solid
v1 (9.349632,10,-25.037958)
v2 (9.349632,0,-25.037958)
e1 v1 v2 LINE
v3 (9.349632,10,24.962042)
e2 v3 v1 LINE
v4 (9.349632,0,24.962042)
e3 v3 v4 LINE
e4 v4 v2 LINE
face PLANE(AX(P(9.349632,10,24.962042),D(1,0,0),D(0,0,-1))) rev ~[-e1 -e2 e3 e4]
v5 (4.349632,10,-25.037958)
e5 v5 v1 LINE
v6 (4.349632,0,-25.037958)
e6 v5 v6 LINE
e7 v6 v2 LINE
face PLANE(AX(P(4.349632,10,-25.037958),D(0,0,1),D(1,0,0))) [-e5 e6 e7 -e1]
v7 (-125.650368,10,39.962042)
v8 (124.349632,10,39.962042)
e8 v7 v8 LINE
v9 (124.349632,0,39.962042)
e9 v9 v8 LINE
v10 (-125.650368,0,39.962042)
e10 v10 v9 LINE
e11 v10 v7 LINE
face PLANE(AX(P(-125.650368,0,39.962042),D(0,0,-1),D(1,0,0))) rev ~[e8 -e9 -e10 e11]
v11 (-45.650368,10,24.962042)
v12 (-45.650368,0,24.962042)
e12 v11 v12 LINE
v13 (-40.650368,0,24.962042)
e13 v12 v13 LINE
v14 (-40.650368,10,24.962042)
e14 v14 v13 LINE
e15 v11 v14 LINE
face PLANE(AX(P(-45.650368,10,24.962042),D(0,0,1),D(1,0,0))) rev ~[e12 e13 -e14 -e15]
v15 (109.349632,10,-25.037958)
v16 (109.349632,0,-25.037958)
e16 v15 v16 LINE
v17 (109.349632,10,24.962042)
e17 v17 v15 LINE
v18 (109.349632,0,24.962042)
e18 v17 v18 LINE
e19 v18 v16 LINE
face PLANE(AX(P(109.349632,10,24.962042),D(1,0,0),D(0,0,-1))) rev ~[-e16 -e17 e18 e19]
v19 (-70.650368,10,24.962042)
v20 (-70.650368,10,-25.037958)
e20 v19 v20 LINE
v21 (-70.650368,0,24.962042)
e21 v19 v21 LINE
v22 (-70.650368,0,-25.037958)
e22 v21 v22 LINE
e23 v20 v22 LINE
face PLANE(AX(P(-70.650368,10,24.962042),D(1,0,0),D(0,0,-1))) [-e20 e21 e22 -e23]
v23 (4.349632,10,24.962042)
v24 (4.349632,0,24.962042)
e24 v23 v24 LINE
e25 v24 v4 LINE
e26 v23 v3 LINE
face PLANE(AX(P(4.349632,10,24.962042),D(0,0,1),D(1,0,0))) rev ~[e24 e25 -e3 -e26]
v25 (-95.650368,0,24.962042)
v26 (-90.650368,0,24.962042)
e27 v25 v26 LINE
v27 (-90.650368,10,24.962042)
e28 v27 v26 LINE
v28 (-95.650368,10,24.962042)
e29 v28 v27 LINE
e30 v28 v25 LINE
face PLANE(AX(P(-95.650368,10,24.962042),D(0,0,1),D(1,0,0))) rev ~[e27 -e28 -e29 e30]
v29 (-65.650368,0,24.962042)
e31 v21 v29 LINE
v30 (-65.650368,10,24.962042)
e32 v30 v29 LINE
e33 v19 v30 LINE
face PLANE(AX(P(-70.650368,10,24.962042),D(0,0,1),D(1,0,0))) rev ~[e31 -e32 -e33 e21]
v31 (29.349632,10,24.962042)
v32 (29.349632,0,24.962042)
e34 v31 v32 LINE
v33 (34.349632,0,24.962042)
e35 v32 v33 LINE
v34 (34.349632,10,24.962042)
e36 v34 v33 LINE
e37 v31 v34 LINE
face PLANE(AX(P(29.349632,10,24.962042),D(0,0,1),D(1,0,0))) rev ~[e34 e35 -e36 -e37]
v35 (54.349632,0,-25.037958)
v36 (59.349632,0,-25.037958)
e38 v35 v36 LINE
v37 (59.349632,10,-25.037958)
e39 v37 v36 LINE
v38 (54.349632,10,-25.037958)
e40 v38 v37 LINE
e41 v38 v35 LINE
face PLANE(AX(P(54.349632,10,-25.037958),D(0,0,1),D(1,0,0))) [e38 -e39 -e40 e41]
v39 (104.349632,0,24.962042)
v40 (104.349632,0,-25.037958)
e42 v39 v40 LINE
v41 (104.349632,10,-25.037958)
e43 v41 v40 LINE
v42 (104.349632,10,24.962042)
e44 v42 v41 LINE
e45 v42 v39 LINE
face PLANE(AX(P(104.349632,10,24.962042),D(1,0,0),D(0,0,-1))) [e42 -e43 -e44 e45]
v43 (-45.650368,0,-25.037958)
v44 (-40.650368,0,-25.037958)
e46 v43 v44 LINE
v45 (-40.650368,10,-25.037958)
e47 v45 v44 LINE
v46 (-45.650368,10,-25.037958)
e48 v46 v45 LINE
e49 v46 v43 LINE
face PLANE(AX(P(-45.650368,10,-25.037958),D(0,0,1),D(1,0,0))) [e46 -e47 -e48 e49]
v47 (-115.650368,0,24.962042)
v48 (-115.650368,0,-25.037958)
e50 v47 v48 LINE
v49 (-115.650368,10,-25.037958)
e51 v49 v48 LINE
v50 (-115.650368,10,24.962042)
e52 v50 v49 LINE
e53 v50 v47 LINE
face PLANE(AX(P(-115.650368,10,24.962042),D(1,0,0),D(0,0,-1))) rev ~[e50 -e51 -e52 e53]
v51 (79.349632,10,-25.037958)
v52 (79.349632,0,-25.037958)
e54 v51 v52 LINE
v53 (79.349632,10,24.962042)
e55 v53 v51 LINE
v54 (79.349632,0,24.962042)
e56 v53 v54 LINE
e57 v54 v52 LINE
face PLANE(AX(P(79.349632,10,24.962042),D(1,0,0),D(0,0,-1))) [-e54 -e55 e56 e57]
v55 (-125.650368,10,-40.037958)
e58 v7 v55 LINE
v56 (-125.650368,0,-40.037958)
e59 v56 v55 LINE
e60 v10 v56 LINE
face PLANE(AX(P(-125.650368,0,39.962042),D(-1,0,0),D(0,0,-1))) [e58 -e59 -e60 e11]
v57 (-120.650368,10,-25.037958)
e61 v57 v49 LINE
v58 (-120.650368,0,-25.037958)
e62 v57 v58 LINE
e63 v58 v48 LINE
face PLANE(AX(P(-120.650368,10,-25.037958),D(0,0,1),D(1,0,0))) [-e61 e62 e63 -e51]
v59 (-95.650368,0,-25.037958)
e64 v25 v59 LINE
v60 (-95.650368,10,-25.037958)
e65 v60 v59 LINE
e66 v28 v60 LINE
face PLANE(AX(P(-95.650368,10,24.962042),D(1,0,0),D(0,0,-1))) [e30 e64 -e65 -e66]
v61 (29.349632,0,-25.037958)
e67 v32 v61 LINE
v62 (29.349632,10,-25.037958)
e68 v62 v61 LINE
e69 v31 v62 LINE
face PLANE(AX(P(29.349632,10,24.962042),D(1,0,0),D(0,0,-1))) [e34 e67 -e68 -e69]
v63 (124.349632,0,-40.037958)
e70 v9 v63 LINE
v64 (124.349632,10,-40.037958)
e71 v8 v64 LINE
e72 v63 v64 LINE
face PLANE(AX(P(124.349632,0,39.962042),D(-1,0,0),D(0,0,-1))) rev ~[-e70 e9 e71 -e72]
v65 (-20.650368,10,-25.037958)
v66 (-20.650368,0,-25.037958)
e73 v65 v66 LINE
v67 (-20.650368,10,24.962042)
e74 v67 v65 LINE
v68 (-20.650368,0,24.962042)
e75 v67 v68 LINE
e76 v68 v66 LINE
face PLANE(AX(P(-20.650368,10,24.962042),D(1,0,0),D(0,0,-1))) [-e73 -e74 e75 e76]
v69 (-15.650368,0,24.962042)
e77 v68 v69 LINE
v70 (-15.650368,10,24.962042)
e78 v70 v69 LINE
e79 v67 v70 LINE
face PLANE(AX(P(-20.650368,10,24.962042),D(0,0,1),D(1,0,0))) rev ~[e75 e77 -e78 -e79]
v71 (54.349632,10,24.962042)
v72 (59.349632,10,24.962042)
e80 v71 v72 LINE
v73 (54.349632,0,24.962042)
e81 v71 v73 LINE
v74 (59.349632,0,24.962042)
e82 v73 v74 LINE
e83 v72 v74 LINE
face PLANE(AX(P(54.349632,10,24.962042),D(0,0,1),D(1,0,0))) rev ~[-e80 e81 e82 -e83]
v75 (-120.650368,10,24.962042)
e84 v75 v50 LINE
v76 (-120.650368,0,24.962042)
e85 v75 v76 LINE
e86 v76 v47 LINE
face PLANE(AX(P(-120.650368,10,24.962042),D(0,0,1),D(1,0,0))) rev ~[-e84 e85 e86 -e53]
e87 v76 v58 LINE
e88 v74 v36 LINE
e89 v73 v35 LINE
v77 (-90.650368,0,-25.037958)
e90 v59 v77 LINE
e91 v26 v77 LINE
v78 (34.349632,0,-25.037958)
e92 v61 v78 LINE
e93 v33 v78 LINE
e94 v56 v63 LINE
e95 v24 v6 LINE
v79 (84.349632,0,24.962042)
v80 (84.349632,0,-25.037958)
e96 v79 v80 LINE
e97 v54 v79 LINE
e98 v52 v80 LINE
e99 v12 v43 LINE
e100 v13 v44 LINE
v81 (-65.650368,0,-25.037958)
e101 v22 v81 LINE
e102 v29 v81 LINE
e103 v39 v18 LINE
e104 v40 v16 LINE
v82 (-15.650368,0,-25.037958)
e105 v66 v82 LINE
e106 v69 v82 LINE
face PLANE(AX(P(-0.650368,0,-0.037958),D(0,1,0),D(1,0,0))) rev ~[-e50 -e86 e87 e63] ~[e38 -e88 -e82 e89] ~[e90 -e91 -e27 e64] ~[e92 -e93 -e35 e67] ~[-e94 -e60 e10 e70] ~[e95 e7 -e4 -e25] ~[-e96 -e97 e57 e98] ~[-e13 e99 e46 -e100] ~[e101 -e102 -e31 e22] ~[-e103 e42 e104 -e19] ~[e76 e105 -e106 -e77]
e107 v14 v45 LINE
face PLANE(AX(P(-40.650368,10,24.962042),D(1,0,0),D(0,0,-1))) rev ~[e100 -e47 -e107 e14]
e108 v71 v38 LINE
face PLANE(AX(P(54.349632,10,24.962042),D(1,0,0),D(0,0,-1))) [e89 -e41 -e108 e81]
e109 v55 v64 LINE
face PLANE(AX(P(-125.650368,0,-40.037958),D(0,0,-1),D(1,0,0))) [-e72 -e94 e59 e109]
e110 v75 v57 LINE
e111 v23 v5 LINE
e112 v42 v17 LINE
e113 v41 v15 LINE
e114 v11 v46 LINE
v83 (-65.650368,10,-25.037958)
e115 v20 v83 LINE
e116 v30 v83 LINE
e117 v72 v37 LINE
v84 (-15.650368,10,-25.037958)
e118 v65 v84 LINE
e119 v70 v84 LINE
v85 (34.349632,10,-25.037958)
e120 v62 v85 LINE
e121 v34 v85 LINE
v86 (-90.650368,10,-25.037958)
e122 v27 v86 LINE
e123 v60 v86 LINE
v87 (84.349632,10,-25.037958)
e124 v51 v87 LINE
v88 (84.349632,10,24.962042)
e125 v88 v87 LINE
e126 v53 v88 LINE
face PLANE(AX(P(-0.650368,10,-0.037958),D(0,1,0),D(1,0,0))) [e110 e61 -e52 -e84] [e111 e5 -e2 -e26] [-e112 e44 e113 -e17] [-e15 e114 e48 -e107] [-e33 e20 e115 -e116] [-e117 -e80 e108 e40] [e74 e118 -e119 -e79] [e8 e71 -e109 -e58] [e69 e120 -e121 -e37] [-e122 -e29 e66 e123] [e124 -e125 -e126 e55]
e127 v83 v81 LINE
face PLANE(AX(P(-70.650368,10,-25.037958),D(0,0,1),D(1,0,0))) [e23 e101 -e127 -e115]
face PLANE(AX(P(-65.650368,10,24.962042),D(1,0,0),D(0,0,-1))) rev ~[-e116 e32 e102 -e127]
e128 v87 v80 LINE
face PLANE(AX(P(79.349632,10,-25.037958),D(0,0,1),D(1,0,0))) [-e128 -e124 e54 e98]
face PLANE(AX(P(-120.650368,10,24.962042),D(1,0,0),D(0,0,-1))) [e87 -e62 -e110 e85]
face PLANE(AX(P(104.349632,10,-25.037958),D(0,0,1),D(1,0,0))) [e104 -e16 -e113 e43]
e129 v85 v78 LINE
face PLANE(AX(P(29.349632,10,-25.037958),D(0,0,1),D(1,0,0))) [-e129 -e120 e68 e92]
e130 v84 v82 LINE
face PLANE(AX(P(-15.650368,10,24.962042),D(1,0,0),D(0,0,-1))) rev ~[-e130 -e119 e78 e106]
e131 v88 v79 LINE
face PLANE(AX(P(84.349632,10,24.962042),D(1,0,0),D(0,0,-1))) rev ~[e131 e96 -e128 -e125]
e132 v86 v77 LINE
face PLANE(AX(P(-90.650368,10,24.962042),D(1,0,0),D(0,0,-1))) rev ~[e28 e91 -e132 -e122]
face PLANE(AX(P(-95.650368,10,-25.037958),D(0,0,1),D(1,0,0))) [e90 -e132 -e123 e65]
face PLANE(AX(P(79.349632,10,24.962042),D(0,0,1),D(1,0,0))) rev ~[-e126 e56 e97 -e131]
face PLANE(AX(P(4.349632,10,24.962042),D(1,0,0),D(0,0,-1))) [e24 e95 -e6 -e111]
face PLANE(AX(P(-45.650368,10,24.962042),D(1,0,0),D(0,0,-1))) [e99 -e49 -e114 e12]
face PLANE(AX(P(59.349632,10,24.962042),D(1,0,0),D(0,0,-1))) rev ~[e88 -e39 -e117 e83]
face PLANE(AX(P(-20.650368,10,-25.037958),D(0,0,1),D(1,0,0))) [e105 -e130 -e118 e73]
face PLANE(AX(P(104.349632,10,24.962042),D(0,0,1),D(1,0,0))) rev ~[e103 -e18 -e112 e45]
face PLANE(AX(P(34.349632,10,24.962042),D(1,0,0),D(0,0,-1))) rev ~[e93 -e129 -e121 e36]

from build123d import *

# Parameters (mm, degrees)
SKETCH1_W              = 250
SKETCH1_H              = 80
CARD_BASE_DEPTH        = 10
SKETCH3_W              = 5
SKETCH3_H              = 50
F_2BRIDGE_HOLDER_DEPTH = 10
SKETCH5_W              = 5
SKETCH5_H              = 50
F_3BRIDGE_HOLDER_DEPTH = 10
SKETCH6_W              = 5
SKETCH6_H              = 50
F_4BRIDGE_HOLDER_DEPTH = 10
SKETCH7_W              = 5
SKETCH7_H              = 50
F_5BRIDGE_HOLDER_DEPTH = 10
SKETCH8_W              = 5
SKETCH8_H              = 50
F_6BRIDGE_HOLDER_DEPTH = 10
SKETCH9_W              = 5
SKETCH9_H              = 50
F_7_BH_DEPTH           = 10
SKETCH10_W             = 5
SKETCH10_H             = 50
F_8BH_DEPTH            = 10
SKETCH11_W             = 5
SKETCH11_H             = 50
F_9BH_DEPTH            = 10
SKETCH12_W             = 5
SKETCH12_H             = 50
F_10BH_DEPTH           = 10
SKETCH13_W             = 5
SKETCH13_H             = 50
F_11BH_DEPTH           = 10


with BuildPart() as part:
    # Sketch1 → Card Base (new body)
    with BuildSketch(Plane(origin=(0, 0, 0), x_dir=(1, 0, 0), z_dir=(0, 1, 0))):
        with Locations((-0.650367763, 0.037958261)):
            Rectangle(SKETCH1_W, SKETCH1_H)
    extrude(amount=CARD_BASE_DEPTH)

    # Sketch3 → 2bridge holder (cut)
    with BuildSketch(Plane(origin=(0, 10, 0), x_dir=(1, 0, 0), z_dir=(0, 1, 0))):
        with Locations((-118.150367763, 0.037958261)):
            Rectangle(SKETCH3_W, SKETCH3_H)
    extrude(amount=-F_2BRIDGE_HOLDER_DEPTH, mode=Mode.SUBTRACT)

    # Sketch5 → 3bridge holder (cut)
    with BuildSketch(Plane(origin=(0, 10, 0), x_dir=(1, 0, 0), z_dir=(0, 1, 0))):
        with Locations((-93.150367763, 0.037958261)):
            Rectangle(SKETCH5_W, SKETCH5_H)
    extrude(amount=-F_3BRIDGE_HOLDER_DEPTH, mode=Mode.SUBTRACT)

    # Sketch6 → 4Bridge holder (cut)
    with BuildSketch(Plane(origin=(0, 10, 0), x_dir=(1, 0, 0), z_dir=(0, 1, 0))):
        with Locations((-68.150367763, 0.037958261)):
            Rectangle(SKETCH6_W, SKETCH6_H)
    extrude(amount=-F_4BRIDGE_HOLDER_DEPTH, mode=Mode.SUBTRACT)

    # Sketch7 → 5Bridge holder (cut)
    with BuildSketch(Plane(origin=(0, 10, 0), x_dir=(1, 0, 0), z_dir=(0, 1, 0))):
        with Locations((-43.150367763, 0.037958261)):
            Rectangle(SKETCH7_W, SKETCH7_H)
    extrude(amount=-F_5BRIDGE_HOLDER_DEPTH, mode=Mode.SUBTRACT)

    # Sketch8 → 6bridge holder (cut)
    with BuildSketch(Plane(origin=(0, 10, 0), x_dir=(1, 0, 0), z_dir=(0, 1, 0))):
        with Locations((-18.150367763, 0.037958261)):
            Rectangle(SKETCH8_W, SKETCH8_H)
    extrude(amount=-F_6BRIDGE_HOLDER_DEPTH, mode=Mode.SUBTRACT)

    # Sketch9 → 7 BH (cut)
    with BuildSketch(Plane(origin=(0, 10, 0), x_dir=(1, 0, 0), z_dir=(0, 1, 0))):
        with Locations((6.849632237, 0.037958261)):
            Rectangle(SKETCH9_W, SKETCH9_H)
    extrude(amount=-F_7_BH_DEPTH, mode=Mode.SUBTRACT)

    # Sketch10 → 8BH (cut)
    with BuildSketch(Plane(origin=(0, 10, 0), x_dir=(1, 0, 0), z_dir=(0, 1, 0))):
        with Locations((31.849632237, 0.037958261)):
            Rectangle(SKETCH10_W, SKETCH10_H)
    extrude(amount=-F_8BH_DEPTH, mode=Mode.SUBTRACT)

    # Sketch11 → 9BH (cut)
    with BuildSketch(Plane(origin=(0, 10, 0), x_dir=(1, 0, 0), z_dir=(0, 1, 0))):
        with Locations((56.849632237, 0.037958261)):
            Rectangle(SKETCH11_W, SKETCH11_H)
    extrude(amount=-F_9BH_DEPTH, mode=Mode.SUBTRACT)

    # Sketch12 → 10BH (cut)
    with BuildSketch(Plane(origin=(0, 10, 0), x_dir=(1, 0, 0), z_dir=(0, 1, 0))):
        with Locations((81.849632237, 0.037958261)):
            Rectangle(SKETCH12_W, SKETCH12_H)
    extrude(amount=-F_10BH_DEPTH, mode=Mode.SUBTRACT)

    # Sketch13 → 11BH (cut)
    with BuildSketch(Plane(origin=(0, 10, 0), x_dir=(1, 0, 0), z_dir=(0, 1, 0))):
        with Locations((106.849632237, 0.037958261)):
            Rectangle(SKETCH13_W, SKETCH13_H)
    extrude(amount=-F_11BH_DEPTH, mode=Mode.SUBTRACT)


solid = part.part
